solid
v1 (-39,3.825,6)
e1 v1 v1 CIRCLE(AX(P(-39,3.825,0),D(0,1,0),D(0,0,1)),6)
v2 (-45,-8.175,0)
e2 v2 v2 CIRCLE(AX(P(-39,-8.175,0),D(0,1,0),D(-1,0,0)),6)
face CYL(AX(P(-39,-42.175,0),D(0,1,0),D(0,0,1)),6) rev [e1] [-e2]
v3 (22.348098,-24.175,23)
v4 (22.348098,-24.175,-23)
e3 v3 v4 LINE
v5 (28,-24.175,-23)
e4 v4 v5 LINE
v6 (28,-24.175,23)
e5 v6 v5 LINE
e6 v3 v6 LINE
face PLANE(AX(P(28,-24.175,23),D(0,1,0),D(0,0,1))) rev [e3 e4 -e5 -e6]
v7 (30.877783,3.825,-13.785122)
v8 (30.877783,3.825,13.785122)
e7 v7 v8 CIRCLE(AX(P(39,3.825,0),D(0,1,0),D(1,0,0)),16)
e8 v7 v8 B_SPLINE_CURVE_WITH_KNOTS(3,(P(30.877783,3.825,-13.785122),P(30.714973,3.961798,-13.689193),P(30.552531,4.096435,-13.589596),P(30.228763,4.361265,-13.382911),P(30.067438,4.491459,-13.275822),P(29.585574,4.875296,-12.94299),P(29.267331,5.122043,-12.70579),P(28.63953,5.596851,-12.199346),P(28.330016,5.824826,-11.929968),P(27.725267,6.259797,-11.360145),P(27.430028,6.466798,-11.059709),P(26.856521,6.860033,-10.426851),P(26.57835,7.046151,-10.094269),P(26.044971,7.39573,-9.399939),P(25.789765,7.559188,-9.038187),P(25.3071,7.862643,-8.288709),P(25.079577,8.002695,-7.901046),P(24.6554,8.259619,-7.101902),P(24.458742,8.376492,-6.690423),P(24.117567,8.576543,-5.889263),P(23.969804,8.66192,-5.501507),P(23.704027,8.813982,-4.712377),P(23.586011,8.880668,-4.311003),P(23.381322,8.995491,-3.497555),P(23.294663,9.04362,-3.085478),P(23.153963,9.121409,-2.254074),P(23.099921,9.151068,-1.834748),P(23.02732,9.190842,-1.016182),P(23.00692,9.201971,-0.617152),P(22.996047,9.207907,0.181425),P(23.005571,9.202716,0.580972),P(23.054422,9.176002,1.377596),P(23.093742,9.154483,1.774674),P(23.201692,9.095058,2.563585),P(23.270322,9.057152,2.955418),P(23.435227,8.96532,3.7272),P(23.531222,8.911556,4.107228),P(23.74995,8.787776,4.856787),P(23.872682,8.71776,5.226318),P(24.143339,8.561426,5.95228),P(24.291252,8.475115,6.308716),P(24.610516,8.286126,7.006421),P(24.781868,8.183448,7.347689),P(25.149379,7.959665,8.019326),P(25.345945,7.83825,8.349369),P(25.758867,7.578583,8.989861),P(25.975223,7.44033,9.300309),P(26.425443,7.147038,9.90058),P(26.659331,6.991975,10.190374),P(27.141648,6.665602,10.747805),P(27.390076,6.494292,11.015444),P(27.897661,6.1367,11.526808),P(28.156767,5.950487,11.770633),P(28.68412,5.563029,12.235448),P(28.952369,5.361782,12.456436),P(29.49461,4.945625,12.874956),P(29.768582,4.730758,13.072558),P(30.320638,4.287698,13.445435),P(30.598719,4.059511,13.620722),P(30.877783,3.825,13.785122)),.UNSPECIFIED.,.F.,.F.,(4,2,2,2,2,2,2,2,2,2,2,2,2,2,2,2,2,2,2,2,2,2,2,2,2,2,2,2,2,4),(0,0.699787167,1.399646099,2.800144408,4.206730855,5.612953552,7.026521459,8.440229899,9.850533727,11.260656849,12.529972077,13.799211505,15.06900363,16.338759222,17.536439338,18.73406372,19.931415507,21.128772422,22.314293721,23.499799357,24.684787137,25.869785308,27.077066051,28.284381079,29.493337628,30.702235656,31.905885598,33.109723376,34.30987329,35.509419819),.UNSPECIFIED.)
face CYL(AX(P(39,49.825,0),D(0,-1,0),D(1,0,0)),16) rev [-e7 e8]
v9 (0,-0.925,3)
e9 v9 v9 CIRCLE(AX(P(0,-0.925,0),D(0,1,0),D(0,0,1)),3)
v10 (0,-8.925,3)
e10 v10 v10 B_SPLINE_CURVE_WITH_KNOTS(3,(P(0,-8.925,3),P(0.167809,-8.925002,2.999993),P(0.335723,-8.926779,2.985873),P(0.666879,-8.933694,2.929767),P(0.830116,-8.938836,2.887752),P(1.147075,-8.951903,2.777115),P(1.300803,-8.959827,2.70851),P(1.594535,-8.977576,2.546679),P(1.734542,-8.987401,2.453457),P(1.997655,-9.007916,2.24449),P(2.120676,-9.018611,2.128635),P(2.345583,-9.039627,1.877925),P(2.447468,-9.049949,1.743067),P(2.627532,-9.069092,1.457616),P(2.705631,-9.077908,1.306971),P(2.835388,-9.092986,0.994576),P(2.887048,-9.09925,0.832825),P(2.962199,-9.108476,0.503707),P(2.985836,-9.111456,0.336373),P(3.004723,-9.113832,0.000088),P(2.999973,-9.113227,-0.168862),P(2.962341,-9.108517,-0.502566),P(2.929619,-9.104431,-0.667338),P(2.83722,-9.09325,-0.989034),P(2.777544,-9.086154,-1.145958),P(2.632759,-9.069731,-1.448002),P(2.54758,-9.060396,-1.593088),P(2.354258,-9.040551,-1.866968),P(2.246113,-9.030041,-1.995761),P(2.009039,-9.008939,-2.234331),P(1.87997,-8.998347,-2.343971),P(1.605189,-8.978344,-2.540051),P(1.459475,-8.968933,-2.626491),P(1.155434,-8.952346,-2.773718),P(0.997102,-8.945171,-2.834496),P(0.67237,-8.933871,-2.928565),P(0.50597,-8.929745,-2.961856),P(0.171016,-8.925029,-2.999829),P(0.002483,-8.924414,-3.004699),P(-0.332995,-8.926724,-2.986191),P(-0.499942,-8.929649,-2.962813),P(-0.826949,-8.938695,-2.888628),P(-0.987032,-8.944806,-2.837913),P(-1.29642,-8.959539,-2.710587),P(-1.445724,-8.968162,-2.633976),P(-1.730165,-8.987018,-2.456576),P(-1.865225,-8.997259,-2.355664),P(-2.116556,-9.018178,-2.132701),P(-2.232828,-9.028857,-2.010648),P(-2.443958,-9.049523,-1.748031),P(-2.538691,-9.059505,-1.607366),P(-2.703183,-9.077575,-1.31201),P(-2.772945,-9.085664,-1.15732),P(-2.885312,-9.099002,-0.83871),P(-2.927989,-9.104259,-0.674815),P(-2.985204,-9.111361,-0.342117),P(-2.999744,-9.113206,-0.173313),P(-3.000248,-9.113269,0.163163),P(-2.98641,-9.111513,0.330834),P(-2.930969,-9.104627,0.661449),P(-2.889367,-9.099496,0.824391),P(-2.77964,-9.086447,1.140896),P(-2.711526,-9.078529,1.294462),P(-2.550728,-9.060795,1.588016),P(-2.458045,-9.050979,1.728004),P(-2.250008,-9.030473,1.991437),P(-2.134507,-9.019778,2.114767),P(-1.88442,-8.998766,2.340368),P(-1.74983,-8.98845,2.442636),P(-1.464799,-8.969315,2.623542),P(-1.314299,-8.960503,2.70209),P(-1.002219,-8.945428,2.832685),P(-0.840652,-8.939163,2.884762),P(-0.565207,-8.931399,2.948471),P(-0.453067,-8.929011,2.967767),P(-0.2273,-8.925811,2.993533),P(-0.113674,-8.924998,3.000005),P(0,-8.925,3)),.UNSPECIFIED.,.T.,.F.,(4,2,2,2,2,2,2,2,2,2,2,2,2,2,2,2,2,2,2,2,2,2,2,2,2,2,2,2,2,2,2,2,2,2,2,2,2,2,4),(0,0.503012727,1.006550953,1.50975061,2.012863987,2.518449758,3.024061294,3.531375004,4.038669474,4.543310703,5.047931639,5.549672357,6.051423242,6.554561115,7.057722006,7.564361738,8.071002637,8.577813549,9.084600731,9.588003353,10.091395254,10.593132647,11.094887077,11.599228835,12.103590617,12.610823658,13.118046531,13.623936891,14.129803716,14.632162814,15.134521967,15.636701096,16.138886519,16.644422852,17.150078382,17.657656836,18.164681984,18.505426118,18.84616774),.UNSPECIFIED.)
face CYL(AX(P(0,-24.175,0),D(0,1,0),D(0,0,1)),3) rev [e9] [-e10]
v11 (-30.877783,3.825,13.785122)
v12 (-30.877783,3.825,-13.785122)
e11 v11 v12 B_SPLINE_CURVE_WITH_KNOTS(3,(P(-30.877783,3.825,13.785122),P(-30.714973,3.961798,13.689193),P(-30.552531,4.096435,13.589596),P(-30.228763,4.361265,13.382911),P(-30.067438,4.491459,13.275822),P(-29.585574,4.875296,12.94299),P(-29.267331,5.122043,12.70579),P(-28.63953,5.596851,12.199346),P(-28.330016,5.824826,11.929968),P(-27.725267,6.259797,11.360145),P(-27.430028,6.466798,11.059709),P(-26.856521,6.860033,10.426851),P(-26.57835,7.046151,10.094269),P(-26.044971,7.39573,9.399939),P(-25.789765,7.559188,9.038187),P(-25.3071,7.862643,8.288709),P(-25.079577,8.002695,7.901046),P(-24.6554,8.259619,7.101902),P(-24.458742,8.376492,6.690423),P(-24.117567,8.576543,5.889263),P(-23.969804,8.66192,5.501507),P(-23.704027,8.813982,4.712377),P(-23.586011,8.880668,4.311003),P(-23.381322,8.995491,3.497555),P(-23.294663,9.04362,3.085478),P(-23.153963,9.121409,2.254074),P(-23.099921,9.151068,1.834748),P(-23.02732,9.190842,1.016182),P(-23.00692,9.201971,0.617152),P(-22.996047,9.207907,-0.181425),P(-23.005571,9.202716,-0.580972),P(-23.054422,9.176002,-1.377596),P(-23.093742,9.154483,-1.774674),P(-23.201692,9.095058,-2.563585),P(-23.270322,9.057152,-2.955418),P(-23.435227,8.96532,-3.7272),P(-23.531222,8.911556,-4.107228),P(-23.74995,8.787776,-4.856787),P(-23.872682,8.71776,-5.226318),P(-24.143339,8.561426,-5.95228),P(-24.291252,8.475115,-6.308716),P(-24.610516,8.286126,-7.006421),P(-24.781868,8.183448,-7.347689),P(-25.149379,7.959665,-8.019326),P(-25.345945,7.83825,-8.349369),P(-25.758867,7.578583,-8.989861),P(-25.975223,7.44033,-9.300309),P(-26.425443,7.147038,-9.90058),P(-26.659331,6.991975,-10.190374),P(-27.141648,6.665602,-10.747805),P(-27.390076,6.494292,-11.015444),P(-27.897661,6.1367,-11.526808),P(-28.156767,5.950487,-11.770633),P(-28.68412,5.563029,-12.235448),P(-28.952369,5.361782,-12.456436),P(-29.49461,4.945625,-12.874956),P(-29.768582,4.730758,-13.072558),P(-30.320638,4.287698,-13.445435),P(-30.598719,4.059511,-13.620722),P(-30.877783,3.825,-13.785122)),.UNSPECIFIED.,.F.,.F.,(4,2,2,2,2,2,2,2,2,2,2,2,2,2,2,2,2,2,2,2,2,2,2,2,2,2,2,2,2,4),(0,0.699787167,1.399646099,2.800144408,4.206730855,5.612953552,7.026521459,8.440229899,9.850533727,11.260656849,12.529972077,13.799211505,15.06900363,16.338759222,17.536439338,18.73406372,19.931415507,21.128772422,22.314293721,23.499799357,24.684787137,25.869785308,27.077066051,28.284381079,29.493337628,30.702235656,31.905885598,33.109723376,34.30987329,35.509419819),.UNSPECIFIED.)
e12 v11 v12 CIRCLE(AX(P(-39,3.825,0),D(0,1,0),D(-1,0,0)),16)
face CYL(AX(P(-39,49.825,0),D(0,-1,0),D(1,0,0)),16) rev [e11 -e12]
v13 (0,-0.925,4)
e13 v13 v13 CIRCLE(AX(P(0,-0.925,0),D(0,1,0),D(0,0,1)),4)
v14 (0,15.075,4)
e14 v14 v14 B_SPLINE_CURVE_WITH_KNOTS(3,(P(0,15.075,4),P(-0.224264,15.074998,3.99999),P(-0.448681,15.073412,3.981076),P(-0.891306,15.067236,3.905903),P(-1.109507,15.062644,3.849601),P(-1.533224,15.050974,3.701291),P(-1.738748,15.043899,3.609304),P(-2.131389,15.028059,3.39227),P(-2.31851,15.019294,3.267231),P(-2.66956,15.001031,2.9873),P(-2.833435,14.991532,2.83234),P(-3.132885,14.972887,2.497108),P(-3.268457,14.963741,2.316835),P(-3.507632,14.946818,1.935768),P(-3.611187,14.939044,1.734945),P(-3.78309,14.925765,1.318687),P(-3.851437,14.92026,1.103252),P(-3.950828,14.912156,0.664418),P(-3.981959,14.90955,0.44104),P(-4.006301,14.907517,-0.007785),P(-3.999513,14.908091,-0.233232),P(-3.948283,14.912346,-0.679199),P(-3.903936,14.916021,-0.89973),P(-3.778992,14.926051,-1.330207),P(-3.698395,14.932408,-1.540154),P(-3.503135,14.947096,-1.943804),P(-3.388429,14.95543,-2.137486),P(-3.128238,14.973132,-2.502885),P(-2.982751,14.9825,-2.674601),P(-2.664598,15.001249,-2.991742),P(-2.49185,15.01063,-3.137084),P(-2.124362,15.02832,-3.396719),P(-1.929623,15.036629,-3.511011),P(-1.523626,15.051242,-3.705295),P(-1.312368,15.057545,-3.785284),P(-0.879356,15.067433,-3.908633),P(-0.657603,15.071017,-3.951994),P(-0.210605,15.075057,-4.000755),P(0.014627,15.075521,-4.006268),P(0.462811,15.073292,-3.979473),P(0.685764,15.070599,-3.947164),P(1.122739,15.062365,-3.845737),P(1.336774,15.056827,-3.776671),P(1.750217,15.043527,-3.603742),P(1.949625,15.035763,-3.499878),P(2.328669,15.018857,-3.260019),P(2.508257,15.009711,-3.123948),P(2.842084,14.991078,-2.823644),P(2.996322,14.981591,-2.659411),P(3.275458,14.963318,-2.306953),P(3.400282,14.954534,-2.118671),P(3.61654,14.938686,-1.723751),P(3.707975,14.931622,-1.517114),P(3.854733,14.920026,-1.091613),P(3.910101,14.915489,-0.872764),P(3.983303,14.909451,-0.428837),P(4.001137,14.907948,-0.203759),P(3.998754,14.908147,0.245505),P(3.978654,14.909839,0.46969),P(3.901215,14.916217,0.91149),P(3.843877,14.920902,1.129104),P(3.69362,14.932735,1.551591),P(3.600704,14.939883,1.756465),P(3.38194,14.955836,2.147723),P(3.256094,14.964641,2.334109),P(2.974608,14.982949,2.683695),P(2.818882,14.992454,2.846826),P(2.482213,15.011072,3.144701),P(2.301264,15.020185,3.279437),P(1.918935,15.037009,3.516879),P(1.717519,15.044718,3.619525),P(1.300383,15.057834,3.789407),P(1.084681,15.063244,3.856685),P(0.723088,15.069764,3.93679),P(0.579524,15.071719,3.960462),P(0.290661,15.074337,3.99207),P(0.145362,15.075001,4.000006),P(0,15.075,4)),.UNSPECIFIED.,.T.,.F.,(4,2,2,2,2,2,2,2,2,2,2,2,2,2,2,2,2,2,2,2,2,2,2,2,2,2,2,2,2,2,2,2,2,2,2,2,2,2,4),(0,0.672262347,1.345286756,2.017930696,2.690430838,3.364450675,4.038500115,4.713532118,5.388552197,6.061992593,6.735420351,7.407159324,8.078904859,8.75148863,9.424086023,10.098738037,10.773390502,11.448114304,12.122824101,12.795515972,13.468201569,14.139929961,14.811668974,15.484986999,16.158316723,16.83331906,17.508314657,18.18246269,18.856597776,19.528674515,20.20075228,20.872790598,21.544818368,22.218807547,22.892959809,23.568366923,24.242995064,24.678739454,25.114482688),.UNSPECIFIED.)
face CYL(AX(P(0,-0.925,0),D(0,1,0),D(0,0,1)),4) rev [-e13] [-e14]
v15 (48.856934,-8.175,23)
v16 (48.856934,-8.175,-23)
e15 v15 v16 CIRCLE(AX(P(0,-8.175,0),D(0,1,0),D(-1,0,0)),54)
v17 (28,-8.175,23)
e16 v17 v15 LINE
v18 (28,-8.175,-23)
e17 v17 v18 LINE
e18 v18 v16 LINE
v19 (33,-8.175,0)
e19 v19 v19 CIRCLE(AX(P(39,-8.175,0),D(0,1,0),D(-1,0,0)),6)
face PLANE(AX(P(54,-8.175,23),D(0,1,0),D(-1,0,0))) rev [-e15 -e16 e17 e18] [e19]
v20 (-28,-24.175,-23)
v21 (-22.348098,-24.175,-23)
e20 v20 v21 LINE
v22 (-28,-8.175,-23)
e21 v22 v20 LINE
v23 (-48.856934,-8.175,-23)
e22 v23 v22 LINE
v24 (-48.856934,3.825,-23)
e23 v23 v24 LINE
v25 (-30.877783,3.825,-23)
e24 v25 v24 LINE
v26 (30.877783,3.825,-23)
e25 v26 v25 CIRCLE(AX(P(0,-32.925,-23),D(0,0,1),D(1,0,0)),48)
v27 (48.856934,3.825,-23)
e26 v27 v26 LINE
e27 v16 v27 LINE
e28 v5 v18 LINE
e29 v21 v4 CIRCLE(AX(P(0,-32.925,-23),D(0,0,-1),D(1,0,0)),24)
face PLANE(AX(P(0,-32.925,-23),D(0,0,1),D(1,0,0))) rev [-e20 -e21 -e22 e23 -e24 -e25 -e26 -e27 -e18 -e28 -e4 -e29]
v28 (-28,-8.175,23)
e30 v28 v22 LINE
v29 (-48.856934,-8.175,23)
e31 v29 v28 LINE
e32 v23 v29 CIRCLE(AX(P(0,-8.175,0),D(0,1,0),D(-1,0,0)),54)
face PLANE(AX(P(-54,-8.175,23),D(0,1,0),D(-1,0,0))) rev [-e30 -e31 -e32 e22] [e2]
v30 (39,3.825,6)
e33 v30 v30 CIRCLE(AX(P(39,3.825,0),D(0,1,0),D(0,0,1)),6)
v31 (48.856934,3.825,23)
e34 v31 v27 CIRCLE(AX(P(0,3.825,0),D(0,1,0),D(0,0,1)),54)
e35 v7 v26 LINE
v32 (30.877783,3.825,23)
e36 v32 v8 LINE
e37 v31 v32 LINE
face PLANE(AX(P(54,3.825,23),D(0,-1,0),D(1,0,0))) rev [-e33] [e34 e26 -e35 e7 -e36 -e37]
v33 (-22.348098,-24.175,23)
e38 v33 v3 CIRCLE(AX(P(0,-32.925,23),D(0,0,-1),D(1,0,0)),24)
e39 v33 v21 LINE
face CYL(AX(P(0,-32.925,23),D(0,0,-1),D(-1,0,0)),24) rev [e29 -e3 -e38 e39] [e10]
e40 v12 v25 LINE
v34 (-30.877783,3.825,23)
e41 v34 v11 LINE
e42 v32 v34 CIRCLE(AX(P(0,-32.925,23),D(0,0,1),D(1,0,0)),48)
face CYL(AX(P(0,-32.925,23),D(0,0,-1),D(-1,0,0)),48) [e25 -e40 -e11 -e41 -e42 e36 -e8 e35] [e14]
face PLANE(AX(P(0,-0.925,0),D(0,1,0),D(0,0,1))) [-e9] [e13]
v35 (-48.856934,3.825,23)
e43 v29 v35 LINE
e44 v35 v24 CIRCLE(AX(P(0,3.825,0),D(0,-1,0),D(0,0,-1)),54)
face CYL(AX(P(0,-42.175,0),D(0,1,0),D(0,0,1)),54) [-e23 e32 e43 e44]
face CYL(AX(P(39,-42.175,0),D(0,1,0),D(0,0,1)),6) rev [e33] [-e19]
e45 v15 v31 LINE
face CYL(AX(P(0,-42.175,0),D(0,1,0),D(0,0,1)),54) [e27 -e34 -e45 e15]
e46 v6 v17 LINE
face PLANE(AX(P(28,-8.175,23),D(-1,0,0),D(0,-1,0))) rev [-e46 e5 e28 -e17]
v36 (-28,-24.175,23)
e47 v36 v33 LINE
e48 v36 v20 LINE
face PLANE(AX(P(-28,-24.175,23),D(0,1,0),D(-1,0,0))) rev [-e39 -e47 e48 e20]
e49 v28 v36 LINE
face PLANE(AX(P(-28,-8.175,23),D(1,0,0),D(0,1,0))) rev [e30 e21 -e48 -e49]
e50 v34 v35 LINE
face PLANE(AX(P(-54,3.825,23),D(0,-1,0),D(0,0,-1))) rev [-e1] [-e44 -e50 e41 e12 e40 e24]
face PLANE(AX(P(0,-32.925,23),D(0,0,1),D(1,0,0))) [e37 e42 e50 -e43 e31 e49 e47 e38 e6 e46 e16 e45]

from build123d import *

# Parameters (mm, degrees)
BOSS_EXTRUDE1_DEPTH = 23
CUT_EXTRUDE1_DEPTH  = 46
SKETCH4_R           = 6
CUT_EXTRUDE2_DEPTH  = 46
CUT_EXTRUDE3_DEPTH  = 46
SKETCH6_R           = 4
CUT_EXTRUDE4_DEPTH  = 16
SKETCH7_R           = 3
CUT_EXTRUDE5_DEPTH  = 71.608515808


with BuildPart() as part:
    # Sketch1 → Boss-Extrude1 (new, symmetric)
    with BuildSketch(Plane.XY):
        with BuildLine():
            Line((-54, 3.825), (-30.877783275, 3.825))
            ThreePointArc((-30.877783275, 3.825), (0, 15.075), (30.877783275, 3.825))
            Line((30.877783275, 3.825), (54, 3.825))
            Line((54, 3.825), (54, -8.175))
            Line((54, -8.175), (28, -8.175))
            Line((28, -8.175), (28, -24.175))
            Line((28, -24.175), (22.348098353, -24.175))
            ThreePointArc((22.348098353, -24.175), (0, -8.925), (-22.348098353, -24.175))
            Line((-22.348098353, -24.175), (-28, -24.175))
            Line((-28, -24.175), (-28, -8.175))
            Line((-28, -8.175), (-54, -8.175))
            Line((-54, -8.175), (-54, 3.825))
        make_face()
    extrude(amount=BOSS_EXTRUDE1_DEPTH, both=True)

    # Sketch2 → Cut-Extrude1 (cut)
    with BuildSketch(Plane(origin=(0, 3.825, 0), x_dir=(1, 0, 0), z_dir=(0, 1, 0))):
        with BuildLine():
            ThreePointArc((48.856934001, -23), (54, 0), (48.856934001, 23))
            Line((48.856934001, 23), (54, 23))
            Line((54, 23), (85.001299568, 23))
            Line((85.001299568, 23), (85.001299568, -23))
            Line((85.001299568, -23), (54, -23))
            Line((54, -23), (48.856934001, -23))
        make_face()
        with BuildLine():
            Line((-48.856934001, 23), (-68.265292399, 23))
            Line((-68.265292399, 23), (-68.265292399, -23))
            Line((-68.265292399, -23), (-54, -23))
            Line((-54, -23), (-48.856934001, -23))
            ThreePointArc((-48.856934001, -23), (-54, 0), (-48.856934001, 23))
        make_face()
    extrude(amount=-CUT_EXTRUDE1_DEPTH, mode=Mode.SUBTRACT)

    # Sketch4 → Cut-Extrude2 (cut)
    with BuildSketch(Plane(origin=(0, 3.825, 0), x_dir=(1, 0, 0), z_dir=(0, 1, 0))):
        with Locations(Location((-39, 0, 0), (0, 0, 270))):
            Circle(SKETCH4_R)
        with Locations(Location((39, 0, 0), (0, 0, 270))):
            Circle(SKETCH4_R)
    extrude(amount=-CUT_EXTRUDE2_DEPTH, mode=Mode.SUBTRACT)

    # Sketch5 → Cut-Extrude3 (cut)
    with BuildSketch(Plane(origin=(0, 3.825, 0), x_dir=(1, 0, 0), z_dir=(0, 1, 0))):
        with BuildLine():
            Line((-30.877783275, 13.785122251), (-30.877783275, -13.785122251))
            ThreePointArc((-30.877783275, -13.785122251), (-23, 0), (-30.877783275, 13.785122251))
        make_face()
        with BuildLine():
            Line((30.877783275, 13.785122251), (30.877783275, -13.785122251))
            ThreePointArc((30.877783275, -13.785122251), (23, 0), (30.877783275, 13.785122251))
        make_face()
    extrude(amount=CUT_EXTRUDE3_DEPTH, mode=Mode.SUBTRACT)

    # Sketch6 → Cut-Extrude4 (cut)
    with BuildSketch(Plane(origin=(0, 15.075, 0), x_dir=(1, 0, 0), z_dir=(0, 1, 0))):
        with Locations(Location((0, 0, 0), (0, 0, 270))):
            Circle(SKETCH6_R)
    extrude(amount=-CUT_EXTRUDE4_DEPTH, mode=Mode.SUBTRACT)

    # Sketch7 → Cut-Extrude5 (cut, through all)
    with BuildSketch(Plane(origin=(0, 15.075, 0), x_dir=(1, 0, 0), z_dir=(0, 1, 0))):
        with Locations(Location((0, 0, 0), (0, 0, 270))):
            Circle(SKETCH7_R)
    extrude(amount=-CUT_EXTRUDE5_DEPTH, mode=Mode.SUBTRACT)


solid = part.part
